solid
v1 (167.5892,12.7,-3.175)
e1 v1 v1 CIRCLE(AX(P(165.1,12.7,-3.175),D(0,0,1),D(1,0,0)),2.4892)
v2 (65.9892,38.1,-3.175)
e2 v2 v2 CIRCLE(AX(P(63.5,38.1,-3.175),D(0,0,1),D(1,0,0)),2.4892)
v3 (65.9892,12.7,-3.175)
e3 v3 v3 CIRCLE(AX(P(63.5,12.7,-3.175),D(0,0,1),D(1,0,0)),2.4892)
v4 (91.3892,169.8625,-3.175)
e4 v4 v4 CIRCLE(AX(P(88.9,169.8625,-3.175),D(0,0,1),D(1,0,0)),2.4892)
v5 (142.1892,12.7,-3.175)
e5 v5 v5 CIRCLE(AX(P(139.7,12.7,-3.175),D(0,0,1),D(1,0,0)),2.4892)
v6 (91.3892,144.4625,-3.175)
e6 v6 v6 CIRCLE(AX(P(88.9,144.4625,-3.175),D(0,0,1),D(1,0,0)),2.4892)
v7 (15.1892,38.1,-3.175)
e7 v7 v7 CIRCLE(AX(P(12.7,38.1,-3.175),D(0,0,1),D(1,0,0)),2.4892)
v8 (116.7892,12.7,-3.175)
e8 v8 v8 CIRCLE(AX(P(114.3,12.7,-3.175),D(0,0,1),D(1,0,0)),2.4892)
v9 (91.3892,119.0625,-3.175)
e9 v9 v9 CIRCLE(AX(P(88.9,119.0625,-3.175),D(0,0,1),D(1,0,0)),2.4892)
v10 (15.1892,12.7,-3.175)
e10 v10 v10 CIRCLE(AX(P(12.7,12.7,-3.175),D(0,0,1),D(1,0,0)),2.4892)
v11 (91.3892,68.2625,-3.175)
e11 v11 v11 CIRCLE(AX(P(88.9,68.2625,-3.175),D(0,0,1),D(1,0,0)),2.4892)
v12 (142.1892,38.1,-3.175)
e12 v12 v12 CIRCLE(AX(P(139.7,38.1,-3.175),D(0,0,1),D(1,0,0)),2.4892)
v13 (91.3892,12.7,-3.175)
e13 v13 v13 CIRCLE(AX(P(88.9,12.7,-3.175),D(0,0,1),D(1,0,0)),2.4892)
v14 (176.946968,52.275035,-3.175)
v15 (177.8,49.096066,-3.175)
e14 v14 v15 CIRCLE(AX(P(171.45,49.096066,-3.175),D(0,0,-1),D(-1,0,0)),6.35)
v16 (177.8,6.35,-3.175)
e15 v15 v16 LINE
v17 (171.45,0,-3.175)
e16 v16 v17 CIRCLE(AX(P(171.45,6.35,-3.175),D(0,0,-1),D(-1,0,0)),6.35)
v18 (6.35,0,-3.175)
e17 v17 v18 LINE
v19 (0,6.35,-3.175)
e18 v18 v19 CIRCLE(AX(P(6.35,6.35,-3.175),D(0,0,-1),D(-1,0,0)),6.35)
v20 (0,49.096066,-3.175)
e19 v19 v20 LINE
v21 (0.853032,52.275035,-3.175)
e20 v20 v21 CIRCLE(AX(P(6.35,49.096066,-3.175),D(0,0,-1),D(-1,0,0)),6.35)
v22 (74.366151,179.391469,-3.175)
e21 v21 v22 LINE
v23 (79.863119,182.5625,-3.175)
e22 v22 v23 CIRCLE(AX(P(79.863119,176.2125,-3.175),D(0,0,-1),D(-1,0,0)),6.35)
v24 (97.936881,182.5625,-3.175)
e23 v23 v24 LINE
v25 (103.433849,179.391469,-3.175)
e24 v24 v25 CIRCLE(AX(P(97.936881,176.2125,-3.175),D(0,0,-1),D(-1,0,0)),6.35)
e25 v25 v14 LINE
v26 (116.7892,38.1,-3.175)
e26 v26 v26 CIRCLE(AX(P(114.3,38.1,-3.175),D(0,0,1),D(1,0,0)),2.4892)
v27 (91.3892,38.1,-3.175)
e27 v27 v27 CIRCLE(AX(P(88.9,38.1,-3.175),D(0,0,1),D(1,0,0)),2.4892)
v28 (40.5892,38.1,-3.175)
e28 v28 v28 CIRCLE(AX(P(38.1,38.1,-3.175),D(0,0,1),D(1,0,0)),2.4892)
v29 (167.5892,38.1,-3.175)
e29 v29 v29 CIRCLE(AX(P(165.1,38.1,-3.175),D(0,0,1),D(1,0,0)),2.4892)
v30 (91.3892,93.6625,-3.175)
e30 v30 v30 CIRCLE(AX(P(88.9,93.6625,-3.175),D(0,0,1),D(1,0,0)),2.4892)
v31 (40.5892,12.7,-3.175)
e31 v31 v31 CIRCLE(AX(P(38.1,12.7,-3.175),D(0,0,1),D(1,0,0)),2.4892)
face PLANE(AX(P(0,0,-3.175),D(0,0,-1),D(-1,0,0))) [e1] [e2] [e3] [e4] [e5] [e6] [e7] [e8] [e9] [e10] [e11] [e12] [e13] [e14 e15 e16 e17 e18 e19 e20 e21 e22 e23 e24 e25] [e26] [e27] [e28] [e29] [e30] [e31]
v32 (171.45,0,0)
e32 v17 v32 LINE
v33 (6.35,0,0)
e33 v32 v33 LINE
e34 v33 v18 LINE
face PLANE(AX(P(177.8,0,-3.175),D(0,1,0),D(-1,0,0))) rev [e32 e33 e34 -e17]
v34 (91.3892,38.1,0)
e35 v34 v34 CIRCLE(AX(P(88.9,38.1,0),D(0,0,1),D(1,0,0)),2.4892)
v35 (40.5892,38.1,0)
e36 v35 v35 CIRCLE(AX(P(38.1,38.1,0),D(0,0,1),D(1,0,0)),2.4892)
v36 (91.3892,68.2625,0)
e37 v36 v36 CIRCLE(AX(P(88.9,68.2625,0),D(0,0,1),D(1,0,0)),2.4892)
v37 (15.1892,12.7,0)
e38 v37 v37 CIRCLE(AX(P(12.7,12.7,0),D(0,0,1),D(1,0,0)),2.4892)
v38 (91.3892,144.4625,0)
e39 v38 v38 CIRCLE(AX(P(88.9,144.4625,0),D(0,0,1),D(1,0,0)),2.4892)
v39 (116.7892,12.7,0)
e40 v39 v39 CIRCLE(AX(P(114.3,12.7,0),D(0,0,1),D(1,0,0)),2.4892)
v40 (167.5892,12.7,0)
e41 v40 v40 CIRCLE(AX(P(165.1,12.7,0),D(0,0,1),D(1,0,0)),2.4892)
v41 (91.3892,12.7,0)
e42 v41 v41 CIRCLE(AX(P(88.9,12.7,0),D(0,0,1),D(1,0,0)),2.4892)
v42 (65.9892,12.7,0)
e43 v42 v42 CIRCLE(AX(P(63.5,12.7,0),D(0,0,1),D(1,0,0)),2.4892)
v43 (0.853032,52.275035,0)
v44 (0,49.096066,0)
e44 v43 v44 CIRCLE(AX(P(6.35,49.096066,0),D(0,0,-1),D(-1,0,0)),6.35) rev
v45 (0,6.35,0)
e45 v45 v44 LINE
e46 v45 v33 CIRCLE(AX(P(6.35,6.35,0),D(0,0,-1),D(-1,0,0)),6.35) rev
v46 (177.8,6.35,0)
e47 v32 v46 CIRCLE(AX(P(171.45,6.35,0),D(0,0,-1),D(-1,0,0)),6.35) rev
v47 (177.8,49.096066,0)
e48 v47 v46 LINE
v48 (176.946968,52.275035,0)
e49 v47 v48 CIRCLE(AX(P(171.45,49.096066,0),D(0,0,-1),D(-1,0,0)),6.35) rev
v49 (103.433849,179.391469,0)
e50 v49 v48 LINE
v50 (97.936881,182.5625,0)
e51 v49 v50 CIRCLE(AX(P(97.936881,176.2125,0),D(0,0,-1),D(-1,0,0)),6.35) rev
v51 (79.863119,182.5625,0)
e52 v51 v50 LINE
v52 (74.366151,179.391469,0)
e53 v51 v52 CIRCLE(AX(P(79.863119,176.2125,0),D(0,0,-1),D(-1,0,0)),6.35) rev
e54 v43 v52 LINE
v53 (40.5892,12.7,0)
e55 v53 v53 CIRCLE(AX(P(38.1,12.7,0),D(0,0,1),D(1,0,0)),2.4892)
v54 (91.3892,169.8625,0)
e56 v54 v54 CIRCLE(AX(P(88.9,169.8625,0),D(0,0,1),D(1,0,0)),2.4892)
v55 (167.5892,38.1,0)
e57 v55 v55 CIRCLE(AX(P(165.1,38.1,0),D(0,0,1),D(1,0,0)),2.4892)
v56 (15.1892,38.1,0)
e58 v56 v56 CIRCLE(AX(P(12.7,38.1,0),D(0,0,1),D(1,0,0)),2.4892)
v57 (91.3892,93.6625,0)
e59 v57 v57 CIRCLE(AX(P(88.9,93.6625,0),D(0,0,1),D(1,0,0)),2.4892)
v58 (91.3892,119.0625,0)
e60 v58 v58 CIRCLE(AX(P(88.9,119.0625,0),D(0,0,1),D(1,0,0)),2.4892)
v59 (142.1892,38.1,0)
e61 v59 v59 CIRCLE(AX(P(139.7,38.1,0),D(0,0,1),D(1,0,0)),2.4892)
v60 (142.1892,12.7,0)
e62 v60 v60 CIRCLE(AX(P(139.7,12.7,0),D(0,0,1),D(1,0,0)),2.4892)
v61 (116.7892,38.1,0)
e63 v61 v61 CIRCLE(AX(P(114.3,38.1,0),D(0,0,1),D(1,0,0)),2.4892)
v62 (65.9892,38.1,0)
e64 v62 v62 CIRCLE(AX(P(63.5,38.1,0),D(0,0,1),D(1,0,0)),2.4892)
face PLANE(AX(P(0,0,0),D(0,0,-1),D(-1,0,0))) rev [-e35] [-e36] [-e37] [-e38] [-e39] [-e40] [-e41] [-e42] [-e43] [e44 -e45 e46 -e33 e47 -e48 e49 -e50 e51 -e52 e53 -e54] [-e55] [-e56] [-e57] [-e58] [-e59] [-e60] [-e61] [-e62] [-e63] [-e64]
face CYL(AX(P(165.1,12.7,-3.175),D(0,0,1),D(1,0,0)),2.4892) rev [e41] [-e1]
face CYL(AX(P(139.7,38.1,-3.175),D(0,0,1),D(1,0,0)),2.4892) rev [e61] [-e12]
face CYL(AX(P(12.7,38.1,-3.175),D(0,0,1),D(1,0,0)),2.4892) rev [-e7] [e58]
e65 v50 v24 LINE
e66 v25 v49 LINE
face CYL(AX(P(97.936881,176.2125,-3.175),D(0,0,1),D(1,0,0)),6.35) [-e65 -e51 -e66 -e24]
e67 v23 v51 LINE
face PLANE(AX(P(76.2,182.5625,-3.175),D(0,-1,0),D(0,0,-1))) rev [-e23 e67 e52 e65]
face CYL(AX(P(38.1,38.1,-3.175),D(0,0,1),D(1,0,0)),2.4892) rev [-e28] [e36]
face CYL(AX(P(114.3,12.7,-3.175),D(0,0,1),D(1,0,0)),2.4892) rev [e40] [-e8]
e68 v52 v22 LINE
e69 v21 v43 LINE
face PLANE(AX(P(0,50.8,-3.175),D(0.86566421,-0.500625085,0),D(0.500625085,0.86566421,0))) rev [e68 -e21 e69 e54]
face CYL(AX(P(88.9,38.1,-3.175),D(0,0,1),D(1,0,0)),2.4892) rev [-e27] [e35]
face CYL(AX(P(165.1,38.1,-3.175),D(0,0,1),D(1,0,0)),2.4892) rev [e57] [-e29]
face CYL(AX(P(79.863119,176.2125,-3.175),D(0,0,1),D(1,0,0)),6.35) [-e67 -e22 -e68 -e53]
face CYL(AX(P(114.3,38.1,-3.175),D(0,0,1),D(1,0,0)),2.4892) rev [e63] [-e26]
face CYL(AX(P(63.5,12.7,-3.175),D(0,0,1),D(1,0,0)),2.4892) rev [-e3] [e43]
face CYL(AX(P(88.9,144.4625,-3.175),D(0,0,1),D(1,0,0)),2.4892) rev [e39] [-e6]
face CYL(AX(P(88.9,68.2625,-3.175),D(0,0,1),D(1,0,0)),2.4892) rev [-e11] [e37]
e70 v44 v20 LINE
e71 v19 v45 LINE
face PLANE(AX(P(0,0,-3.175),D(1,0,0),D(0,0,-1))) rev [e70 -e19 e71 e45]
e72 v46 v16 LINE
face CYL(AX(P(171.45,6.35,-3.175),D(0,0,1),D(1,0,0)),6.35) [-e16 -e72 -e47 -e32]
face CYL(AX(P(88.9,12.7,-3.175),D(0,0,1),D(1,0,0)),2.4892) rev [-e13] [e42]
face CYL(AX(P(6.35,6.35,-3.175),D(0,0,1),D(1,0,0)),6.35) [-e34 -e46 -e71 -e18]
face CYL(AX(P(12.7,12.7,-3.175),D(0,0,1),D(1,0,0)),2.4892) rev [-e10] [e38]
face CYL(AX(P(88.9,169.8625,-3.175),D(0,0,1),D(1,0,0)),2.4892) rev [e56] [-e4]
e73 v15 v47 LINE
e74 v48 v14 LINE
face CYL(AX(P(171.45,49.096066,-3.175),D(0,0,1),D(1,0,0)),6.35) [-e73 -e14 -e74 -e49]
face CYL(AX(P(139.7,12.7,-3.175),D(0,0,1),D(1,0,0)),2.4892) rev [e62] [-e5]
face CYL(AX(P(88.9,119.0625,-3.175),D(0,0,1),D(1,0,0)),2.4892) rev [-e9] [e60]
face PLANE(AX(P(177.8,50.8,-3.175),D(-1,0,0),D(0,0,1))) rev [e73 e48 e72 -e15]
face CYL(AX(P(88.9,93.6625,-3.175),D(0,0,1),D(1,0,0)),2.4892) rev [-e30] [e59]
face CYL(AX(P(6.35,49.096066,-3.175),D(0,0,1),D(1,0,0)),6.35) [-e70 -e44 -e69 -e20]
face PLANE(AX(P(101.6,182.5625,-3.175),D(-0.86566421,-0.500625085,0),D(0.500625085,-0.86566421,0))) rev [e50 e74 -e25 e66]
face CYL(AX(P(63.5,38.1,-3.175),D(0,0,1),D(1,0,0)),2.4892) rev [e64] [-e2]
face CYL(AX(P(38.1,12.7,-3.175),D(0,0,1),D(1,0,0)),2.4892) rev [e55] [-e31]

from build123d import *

# Parameters (mm, degrees)
BOSS_EXTRUDE1_DEPTH = 3.175
SKETCH2_R           = 2.4892
CUT_EXTRUDE1_DEPTH  = 255.856797106
FILLET1_R           = 6.35


with BuildPart() as part:
    # Sketch1 → Boss-Extrude1 (new body)
    with BuildSketch(Plane.XY):
        Polygon((0, 0), (0, 50.8), (76.2, 182.5625), (101.6, 182.5625), (177.8, 50.8), (177.8, 0), align=None)
    extrude(amount=-BOSS_EXTRUDE1_DEPTH)

    # Sketch2 → Cut-Extrude1 (cut, through all)
    with BuildSketch(Plane.XY):
        with Locations((12.7, 12.7)):
            Circle(SKETCH2_R)
        with Locations((38.1, 12.7)):
            Circle(SKETCH2_R)
        with Locations((63.5, 12.7)):
            Circle(SKETCH2_R)
        with Locations((88.9, 12.7)):
            Circle(SKETCH2_R)
        with Locations((114.3, 12.7)):
            Circle(SKETCH2_R)
        with Locations((139.7, 12.7)):
            Circle(SKETCH2_R)
        with Locations((165.1, 12.7)):
            Circle(SKETCH2_R)
        with Locations((38.1, 38.1)):
            Circle(SKETCH2_R)
        with Locations((63.5, 38.1)):
            Circle(SKETCH2_R)
        with Locations((88.9, 38.1)):
            Circle(SKETCH2_R)
        with Locations((114.3, 38.1)):
            Circle(SKETCH2_R)
        with Locations((139.7, 38.1)):
            Circle(SKETCH2_R)
        with Locations((165.1, 38.1)):
            Circle(SKETCH2_R)
        with Locations((12.7, 38.1)):
            Circle(SKETCH2_R)
        with Locations((88.9, 169.8625)):
            Circle(SKETCH2_R)
        with Locations((88.9, 144.4625)):
            Circle(SKETCH2_R)
        with Locations((88.9, 119.0625)):
            Circle(SKETCH2_R)
        with Locations((88.9, 93.6625)):
            Circle(SKETCH2_R)
        with Locations((88.9, 68.2625)):
            Circle(SKETCH2_R)
    extrude(amount=-CUT_EXTRUDE1_DEPTH, mode=Mode.SUBTRACT)

    # Fillet1
    fillet1_edges = [part.edges().sort_by_distance(p)[0] for p in [
        (0, 0, -1.5875),
        (177.8, 0, -1.5875),
        (177.8, 50.8, -1.5875),
        (101.6, 182.5625, -1.5875),
        (76.2, 182.5625, -1.5875),
        (0, 50.8, -1.5875),
    ]]
    fillet(fillet1_edges, radius=FILLET1_R)


solid = part.part
